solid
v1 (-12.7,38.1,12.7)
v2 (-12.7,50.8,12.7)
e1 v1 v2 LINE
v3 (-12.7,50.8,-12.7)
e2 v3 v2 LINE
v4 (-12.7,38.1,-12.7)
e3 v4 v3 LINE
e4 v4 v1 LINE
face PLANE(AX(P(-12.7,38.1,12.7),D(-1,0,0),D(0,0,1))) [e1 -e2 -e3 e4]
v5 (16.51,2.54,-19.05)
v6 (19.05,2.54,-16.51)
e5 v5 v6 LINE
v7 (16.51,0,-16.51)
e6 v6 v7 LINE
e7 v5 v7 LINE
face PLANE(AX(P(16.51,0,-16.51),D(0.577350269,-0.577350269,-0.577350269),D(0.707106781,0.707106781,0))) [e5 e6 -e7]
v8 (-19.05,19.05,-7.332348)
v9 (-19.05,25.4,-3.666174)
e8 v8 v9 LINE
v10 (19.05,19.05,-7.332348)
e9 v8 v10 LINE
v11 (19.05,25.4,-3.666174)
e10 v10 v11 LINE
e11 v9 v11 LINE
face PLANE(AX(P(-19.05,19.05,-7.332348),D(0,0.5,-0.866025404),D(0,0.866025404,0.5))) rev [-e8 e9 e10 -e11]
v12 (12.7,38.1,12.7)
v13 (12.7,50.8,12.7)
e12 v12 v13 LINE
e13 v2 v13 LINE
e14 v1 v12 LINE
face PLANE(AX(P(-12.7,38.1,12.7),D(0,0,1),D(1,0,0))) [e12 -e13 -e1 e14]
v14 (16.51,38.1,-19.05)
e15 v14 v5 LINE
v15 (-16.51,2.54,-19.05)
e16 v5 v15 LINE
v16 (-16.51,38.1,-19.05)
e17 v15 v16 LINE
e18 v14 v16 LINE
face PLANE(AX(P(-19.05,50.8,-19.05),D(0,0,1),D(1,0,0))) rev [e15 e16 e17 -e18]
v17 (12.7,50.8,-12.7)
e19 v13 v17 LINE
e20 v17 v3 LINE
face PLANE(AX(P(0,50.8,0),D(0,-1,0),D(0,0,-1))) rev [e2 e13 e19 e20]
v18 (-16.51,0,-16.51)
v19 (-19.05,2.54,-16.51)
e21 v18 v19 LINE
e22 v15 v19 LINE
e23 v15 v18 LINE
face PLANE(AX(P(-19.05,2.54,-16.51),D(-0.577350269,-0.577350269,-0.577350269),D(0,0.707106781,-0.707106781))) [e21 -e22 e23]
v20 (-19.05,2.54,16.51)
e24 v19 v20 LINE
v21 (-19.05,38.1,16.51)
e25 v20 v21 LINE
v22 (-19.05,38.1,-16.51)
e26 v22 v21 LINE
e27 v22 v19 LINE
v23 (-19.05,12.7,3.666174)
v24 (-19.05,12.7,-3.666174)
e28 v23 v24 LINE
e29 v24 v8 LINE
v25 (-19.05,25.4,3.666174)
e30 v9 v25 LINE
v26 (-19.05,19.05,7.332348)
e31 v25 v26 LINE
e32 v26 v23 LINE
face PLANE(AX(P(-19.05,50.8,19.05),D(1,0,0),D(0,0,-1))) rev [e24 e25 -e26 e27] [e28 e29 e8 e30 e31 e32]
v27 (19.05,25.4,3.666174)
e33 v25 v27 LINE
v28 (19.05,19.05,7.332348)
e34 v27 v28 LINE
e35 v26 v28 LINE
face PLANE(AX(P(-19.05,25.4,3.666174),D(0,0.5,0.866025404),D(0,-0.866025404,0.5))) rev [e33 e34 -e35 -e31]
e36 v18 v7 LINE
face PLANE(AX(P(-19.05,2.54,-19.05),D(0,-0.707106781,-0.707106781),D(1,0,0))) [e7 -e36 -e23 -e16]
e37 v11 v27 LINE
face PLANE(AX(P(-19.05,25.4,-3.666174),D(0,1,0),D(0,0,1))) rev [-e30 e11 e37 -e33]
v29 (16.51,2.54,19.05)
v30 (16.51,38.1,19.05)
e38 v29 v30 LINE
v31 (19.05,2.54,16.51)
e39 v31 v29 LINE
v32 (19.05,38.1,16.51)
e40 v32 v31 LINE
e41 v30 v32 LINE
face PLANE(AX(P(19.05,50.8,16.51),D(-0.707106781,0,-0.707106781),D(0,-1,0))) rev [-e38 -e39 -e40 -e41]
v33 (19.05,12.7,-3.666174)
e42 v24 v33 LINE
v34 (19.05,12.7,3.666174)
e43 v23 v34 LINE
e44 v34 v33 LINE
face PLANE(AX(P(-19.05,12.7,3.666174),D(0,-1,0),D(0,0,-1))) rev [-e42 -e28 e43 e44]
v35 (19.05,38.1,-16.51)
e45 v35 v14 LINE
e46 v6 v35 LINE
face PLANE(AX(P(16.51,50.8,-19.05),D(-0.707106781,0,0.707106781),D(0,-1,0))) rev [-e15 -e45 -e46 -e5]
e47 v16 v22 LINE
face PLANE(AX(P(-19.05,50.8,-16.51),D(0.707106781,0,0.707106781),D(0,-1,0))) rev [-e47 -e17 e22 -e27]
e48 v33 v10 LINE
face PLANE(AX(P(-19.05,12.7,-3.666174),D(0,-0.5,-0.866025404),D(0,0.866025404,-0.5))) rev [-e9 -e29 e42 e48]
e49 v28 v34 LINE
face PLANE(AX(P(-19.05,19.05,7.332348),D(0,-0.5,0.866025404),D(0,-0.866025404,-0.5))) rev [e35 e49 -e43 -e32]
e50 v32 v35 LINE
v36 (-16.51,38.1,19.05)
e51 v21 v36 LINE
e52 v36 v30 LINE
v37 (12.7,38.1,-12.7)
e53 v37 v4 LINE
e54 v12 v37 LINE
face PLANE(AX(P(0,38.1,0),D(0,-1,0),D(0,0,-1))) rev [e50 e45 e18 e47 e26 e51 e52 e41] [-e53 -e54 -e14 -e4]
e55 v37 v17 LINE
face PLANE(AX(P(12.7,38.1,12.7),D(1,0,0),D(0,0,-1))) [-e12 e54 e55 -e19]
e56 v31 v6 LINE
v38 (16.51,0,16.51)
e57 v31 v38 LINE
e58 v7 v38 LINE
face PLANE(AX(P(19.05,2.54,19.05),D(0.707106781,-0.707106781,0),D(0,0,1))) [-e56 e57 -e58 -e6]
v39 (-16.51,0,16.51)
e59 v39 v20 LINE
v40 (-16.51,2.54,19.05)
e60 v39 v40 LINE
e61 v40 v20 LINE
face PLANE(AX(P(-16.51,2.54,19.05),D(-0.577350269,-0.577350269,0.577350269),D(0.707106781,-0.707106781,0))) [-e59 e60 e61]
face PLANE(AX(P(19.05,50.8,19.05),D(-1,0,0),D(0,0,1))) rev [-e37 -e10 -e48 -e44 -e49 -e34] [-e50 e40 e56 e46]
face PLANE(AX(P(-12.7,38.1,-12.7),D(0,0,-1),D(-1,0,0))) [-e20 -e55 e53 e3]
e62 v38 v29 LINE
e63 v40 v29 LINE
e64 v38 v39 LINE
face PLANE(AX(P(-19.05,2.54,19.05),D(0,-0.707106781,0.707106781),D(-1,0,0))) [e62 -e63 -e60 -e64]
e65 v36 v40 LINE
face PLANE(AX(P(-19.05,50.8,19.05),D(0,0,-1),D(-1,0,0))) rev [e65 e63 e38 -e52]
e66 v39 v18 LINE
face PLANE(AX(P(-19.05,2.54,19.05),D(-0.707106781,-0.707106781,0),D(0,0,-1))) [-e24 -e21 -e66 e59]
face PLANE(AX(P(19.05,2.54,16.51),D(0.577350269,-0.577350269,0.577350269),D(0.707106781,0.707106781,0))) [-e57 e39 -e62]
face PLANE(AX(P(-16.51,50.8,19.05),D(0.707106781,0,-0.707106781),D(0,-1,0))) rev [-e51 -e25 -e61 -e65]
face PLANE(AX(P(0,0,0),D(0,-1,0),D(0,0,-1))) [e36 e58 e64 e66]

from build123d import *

# Parameters (mm, degrees)
SKETCH1_W           = 38.1
SKETCH1_H           = 38.1
BOSS_EXTRUDE1_DEPTH = 50.8
SKETCH2_W           = 38.1
SKETCH2_H           = 38.1
SKETCH2_W_2         = 25.4
SKETCH2_H_2         = 25.4
CUT_EXTRUDE1_DEPTH  = 12.7
CUT_EXTRUDE2_DEPTH  = 67.295946332
CHAMFER1_SIZE       = 2.54


with BuildPart() as part:
    # Sketch1 → Boss-Extrude1 (new body)
    with BuildSketch(Plane(origin=(0, 0, 0), x_dir=(1, 0, 0), z_dir=(0, 1, 0))):
        Rectangle(SKETCH1_W, SKETCH1_H)
    extrude(amount=BOSS_EXTRUDE1_DEPTH)

    # Sketch2 → Cut-Extrude1 (cut)
    with BuildSketch(Plane(origin=(0, 50.8, 0), x_dir=(1, 0, 0), z_dir=(0, 1, 0))):
        Rectangle(SKETCH2_W, SKETCH2_H)
        Rectangle(SKETCH2_W_2, SKETCH2_H_2, mode=Mode.SUBTRACT)
    extrude(amount=-CUT_EXTRUDE1_DEPTH, mode=Mode.SUBTRACT)

    # Sketch3 → Cut-Extrude2 (cut, through all)
    with BuildSketch(Plane(origin=(19.05, 0, 0), x_dir=(0, 0, -1), z_dir=(1, 0, 0))):
        Polygon((-7.332348419, 19.05), (-3.666174209, 12.7), (3.666174209, 12.7), (7.332348419, 19.05), (3.666174209, 25.4), (-3.666174209, 25.4), align=None)
    extrude(amount=-CUT_EXTRUDE2_DEPTH, mode=Mode.SUBTRACT)

    # Chamfer1
    chamfer1_edges = [part.edges().sort_by_distance(p)[0] for p in [
        (19.05, 19.05, 19.05),
        (-19.05, 19.05, 19.05),
        (-19.05, 19.05, -19.05),
        (19.05, 19.05, -19.05),
        (0, 0, 19.05),
        (-19.05, 0, 0),
        (0, 0, -19.05),
        (19.05, 0, 0),
    ]]
    chamfer(chamfer1_edges, length=CHAMFER1_SIZE)


solid = part.part
